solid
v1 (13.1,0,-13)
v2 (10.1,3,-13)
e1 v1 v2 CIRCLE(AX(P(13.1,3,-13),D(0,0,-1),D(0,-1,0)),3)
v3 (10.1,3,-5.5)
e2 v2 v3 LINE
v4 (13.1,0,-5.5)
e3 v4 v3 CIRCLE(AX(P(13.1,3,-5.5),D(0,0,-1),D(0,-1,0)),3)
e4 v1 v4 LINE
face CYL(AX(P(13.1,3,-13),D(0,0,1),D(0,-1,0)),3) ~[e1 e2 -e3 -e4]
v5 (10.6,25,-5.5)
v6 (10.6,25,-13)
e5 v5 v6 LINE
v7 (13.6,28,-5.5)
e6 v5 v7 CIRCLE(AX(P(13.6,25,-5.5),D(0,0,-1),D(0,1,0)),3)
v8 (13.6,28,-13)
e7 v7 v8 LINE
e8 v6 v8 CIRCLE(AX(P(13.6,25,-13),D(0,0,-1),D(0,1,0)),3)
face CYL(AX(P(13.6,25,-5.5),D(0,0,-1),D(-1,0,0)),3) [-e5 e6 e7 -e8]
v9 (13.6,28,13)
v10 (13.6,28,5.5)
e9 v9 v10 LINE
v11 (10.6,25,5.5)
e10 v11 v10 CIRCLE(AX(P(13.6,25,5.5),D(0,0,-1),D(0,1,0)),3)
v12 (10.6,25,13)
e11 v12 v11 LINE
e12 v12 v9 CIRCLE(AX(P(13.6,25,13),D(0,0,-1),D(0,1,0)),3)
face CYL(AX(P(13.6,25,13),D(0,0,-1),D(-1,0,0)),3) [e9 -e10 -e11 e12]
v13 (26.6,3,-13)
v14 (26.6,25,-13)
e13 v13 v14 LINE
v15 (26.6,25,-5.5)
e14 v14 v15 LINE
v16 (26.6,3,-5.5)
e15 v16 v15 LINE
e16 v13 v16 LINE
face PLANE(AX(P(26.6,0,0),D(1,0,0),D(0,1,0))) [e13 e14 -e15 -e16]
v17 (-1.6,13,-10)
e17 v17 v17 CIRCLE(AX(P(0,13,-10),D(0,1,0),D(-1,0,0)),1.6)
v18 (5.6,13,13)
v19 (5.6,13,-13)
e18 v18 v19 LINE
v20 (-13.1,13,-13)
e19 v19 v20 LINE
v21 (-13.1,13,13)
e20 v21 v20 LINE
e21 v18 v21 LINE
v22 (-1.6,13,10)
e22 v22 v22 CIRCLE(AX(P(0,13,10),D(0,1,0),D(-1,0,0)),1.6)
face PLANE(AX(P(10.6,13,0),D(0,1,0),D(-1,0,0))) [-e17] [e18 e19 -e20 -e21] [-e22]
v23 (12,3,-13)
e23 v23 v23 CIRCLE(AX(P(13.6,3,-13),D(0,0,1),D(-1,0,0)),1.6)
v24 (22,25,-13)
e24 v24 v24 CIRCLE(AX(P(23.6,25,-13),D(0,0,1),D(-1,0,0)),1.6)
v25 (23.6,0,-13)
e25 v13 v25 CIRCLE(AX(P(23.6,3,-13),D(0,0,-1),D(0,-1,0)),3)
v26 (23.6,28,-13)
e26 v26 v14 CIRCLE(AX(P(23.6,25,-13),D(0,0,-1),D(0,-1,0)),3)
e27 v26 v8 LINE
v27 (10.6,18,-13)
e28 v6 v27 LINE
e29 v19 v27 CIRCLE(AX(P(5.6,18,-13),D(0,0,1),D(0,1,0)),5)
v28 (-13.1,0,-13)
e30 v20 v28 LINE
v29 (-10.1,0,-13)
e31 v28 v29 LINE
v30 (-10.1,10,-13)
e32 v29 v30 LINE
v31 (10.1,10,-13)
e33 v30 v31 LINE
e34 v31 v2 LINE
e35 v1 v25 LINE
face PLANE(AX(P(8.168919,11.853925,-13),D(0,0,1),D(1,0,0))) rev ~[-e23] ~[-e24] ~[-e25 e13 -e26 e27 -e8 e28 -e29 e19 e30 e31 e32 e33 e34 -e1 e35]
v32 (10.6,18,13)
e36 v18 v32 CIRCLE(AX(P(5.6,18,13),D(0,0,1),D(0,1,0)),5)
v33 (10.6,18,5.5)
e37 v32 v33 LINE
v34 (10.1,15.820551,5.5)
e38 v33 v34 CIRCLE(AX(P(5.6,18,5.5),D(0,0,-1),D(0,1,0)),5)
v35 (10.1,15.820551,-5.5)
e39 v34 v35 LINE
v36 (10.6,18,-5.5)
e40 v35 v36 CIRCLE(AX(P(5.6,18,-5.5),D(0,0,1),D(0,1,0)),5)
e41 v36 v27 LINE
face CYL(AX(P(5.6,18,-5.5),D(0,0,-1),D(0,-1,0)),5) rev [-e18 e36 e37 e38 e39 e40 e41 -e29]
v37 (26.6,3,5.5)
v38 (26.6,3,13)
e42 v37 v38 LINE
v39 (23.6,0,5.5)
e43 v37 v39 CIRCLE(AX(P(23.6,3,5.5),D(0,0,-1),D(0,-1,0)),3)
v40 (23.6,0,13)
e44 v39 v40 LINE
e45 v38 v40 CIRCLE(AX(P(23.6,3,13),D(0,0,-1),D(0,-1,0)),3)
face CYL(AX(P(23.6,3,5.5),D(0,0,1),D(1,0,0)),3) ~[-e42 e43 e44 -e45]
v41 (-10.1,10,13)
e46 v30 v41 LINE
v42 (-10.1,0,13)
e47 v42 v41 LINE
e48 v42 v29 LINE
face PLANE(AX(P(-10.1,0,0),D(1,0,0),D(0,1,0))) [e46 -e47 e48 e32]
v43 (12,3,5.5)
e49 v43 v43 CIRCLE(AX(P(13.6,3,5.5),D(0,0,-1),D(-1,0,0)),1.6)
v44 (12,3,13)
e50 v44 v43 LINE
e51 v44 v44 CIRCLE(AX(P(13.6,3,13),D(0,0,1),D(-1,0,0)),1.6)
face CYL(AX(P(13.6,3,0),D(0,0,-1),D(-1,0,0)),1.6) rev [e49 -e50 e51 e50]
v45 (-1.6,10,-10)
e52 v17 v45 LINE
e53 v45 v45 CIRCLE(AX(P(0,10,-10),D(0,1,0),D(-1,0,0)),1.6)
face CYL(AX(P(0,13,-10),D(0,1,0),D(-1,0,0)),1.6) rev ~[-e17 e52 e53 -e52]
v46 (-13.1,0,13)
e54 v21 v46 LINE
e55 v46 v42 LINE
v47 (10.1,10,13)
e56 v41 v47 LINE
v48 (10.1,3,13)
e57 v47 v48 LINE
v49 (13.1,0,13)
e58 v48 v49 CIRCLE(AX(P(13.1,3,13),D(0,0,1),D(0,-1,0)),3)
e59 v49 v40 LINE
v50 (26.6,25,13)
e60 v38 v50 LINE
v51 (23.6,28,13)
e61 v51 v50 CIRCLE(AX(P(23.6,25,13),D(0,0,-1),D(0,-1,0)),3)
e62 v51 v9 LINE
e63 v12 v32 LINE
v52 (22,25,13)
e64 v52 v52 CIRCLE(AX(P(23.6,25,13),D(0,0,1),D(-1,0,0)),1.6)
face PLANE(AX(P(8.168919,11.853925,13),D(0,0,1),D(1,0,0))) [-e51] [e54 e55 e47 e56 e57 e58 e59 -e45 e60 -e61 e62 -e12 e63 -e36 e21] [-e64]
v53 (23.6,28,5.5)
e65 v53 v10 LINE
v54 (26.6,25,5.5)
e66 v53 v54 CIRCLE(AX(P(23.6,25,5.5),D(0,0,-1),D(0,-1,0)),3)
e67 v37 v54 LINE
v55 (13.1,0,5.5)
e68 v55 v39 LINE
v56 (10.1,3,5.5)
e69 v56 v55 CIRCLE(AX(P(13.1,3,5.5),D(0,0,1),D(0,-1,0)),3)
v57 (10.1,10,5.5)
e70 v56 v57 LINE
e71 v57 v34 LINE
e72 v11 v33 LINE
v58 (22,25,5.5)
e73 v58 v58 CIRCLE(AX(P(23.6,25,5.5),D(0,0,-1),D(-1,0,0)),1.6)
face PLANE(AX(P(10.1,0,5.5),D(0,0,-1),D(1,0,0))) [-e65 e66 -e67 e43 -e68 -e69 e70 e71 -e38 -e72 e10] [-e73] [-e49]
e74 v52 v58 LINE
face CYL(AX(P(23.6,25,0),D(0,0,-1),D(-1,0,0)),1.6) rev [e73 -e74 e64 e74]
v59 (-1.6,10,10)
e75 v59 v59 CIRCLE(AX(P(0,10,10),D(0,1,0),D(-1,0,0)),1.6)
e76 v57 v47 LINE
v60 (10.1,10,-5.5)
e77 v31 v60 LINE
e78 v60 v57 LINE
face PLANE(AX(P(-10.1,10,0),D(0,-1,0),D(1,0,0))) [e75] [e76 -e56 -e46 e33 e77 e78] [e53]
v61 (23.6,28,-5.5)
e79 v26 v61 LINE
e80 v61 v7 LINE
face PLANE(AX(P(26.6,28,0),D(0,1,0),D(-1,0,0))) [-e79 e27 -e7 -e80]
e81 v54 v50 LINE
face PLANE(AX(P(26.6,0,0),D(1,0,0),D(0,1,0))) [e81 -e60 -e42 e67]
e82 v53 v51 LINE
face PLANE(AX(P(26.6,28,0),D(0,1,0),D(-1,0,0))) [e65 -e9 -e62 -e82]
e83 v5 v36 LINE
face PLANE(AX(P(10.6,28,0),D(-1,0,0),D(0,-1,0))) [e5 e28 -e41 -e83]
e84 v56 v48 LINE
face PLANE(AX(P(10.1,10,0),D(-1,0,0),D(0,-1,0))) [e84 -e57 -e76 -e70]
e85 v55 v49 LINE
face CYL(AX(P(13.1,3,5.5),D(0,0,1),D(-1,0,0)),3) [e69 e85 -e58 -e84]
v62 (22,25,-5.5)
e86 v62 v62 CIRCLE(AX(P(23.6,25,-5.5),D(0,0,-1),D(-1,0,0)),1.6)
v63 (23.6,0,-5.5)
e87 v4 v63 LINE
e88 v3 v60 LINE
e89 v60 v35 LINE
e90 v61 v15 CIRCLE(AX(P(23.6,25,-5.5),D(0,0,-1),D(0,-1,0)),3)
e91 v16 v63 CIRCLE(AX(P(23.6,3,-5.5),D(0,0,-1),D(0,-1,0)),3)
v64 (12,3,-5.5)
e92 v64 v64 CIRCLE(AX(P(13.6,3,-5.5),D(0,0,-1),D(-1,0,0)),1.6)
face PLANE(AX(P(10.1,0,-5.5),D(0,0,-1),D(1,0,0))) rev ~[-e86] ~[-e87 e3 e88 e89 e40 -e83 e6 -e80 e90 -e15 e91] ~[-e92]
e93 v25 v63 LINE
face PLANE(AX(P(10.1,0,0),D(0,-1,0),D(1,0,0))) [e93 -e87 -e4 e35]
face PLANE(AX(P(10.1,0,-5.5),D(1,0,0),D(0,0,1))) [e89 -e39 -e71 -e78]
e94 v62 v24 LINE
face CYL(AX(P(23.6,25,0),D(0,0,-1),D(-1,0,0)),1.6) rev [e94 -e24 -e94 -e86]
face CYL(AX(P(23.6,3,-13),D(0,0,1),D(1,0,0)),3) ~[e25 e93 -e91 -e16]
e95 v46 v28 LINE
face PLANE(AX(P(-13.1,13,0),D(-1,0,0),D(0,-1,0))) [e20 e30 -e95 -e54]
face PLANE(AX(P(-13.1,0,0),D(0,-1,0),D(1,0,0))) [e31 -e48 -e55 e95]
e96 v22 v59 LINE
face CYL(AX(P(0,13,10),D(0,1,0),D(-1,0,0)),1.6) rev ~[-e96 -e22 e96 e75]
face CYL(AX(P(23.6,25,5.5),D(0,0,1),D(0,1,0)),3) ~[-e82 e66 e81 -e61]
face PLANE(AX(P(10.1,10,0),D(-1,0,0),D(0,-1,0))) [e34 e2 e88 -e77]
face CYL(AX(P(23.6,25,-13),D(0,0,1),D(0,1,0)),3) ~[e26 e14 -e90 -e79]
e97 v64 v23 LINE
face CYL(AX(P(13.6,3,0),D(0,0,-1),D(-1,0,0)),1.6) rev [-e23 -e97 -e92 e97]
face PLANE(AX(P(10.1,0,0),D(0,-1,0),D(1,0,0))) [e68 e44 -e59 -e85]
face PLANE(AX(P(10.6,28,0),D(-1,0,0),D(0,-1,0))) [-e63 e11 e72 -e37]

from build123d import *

# Parameters (mm, degrees)
SKETCH_1_R          = 1.6
EXTRUDE_1_DEPTH     = 13
SKETCH_2_W          = 16.5
SKETCH_2_H          = 11
CUT_EXTRUDE_1_DEPTH = 41.749969325
SKETCH_3_R          = 1.6
CUT_EXTRUDE_2_DEPTH = 34.189757456
FILLET_2_R          = 5
FILLET_3_R          = 3


with BuildPart() as part:
    # 草图1 → 凸台-拉伸1 (new, symmetric)
    with BuildSketch(Plane.XY):
        Polygon((-10.1, 0), (-10.1, 10), (10.1, 10), (10.1, 0), (13.1, 0), (26.6, 0), (26.6, 28), (10.6, 28), (10.6, 13), (-13.1, 13), (-13.1, 0), align=None)
        with Locations(Location((23.6, 25, 0), (0, 0, 180))):
            Circle(SKETCH_1_R, mode=Mode.SUBTRACT)
        with Locations(Location((13.6, 3, 0), (0, 0, 180))):
            Circle(SKETCH_1_R, mode=Mode.SUBTRACT)
    extrude(amount=EXTRUDE_1_DEPTH, both=True)

    # 草图2 → 切除-拉伸1 (cut, through all)
    with BuildSketch(Plane.XZ):
        with Locations((18.35, 0)):
            Rectangle(SKETCH_2_W, SKETCH_2_H)
    extrude(amount=-CUT_EXTRUDE_1_DEPTH, mode=Mode.SUBTRACT)

    # 草图3 → 切除-拉伸2 (cut, through all)
    with BuildSketch(Plane(origin=(0, 13, 0), x_dir=(1, 0, 0), z_dir=(0, 1, 0))):
        with Locations(Location((0, 10, 0), (0, 0, 180))):
            Circle(SKETCH_3_R)
        with Locations(Location((0, -10, 0), (0, 0, 180))):
            Circle(SKETCH_3_R)
    extrude(amount=-CUT_EXTRUDE_2_DEPTH, mode=Mode.SUBTRACT)

    # 圆角2
    fillet_2_edges = [part.edges().sort_by_distance(p)[0] for p in [
        (10.6, 13, -9.25),
    ]]
    fillet(fillet_2_edges, radius=FILLET_2_R)

    # 圆角3
    fillet_3_edges = [part.edges().sort_by_distance(p)[0] for p in [
        (10.6, 28, 9.25),
        (26.6, 28, 9.25),
        (26.6, 0, 9.25),
        (10.1, 0, 9.25),
        (10.6, 28, -9.25),
        (26.6, 28, -9.25),
        (26.6, 0, -9.25),
        (10.1, 0, -9.25),
    ]]
    fillet(fillet_3_edges, radius=FILLET_3_R)


solid = part.part
